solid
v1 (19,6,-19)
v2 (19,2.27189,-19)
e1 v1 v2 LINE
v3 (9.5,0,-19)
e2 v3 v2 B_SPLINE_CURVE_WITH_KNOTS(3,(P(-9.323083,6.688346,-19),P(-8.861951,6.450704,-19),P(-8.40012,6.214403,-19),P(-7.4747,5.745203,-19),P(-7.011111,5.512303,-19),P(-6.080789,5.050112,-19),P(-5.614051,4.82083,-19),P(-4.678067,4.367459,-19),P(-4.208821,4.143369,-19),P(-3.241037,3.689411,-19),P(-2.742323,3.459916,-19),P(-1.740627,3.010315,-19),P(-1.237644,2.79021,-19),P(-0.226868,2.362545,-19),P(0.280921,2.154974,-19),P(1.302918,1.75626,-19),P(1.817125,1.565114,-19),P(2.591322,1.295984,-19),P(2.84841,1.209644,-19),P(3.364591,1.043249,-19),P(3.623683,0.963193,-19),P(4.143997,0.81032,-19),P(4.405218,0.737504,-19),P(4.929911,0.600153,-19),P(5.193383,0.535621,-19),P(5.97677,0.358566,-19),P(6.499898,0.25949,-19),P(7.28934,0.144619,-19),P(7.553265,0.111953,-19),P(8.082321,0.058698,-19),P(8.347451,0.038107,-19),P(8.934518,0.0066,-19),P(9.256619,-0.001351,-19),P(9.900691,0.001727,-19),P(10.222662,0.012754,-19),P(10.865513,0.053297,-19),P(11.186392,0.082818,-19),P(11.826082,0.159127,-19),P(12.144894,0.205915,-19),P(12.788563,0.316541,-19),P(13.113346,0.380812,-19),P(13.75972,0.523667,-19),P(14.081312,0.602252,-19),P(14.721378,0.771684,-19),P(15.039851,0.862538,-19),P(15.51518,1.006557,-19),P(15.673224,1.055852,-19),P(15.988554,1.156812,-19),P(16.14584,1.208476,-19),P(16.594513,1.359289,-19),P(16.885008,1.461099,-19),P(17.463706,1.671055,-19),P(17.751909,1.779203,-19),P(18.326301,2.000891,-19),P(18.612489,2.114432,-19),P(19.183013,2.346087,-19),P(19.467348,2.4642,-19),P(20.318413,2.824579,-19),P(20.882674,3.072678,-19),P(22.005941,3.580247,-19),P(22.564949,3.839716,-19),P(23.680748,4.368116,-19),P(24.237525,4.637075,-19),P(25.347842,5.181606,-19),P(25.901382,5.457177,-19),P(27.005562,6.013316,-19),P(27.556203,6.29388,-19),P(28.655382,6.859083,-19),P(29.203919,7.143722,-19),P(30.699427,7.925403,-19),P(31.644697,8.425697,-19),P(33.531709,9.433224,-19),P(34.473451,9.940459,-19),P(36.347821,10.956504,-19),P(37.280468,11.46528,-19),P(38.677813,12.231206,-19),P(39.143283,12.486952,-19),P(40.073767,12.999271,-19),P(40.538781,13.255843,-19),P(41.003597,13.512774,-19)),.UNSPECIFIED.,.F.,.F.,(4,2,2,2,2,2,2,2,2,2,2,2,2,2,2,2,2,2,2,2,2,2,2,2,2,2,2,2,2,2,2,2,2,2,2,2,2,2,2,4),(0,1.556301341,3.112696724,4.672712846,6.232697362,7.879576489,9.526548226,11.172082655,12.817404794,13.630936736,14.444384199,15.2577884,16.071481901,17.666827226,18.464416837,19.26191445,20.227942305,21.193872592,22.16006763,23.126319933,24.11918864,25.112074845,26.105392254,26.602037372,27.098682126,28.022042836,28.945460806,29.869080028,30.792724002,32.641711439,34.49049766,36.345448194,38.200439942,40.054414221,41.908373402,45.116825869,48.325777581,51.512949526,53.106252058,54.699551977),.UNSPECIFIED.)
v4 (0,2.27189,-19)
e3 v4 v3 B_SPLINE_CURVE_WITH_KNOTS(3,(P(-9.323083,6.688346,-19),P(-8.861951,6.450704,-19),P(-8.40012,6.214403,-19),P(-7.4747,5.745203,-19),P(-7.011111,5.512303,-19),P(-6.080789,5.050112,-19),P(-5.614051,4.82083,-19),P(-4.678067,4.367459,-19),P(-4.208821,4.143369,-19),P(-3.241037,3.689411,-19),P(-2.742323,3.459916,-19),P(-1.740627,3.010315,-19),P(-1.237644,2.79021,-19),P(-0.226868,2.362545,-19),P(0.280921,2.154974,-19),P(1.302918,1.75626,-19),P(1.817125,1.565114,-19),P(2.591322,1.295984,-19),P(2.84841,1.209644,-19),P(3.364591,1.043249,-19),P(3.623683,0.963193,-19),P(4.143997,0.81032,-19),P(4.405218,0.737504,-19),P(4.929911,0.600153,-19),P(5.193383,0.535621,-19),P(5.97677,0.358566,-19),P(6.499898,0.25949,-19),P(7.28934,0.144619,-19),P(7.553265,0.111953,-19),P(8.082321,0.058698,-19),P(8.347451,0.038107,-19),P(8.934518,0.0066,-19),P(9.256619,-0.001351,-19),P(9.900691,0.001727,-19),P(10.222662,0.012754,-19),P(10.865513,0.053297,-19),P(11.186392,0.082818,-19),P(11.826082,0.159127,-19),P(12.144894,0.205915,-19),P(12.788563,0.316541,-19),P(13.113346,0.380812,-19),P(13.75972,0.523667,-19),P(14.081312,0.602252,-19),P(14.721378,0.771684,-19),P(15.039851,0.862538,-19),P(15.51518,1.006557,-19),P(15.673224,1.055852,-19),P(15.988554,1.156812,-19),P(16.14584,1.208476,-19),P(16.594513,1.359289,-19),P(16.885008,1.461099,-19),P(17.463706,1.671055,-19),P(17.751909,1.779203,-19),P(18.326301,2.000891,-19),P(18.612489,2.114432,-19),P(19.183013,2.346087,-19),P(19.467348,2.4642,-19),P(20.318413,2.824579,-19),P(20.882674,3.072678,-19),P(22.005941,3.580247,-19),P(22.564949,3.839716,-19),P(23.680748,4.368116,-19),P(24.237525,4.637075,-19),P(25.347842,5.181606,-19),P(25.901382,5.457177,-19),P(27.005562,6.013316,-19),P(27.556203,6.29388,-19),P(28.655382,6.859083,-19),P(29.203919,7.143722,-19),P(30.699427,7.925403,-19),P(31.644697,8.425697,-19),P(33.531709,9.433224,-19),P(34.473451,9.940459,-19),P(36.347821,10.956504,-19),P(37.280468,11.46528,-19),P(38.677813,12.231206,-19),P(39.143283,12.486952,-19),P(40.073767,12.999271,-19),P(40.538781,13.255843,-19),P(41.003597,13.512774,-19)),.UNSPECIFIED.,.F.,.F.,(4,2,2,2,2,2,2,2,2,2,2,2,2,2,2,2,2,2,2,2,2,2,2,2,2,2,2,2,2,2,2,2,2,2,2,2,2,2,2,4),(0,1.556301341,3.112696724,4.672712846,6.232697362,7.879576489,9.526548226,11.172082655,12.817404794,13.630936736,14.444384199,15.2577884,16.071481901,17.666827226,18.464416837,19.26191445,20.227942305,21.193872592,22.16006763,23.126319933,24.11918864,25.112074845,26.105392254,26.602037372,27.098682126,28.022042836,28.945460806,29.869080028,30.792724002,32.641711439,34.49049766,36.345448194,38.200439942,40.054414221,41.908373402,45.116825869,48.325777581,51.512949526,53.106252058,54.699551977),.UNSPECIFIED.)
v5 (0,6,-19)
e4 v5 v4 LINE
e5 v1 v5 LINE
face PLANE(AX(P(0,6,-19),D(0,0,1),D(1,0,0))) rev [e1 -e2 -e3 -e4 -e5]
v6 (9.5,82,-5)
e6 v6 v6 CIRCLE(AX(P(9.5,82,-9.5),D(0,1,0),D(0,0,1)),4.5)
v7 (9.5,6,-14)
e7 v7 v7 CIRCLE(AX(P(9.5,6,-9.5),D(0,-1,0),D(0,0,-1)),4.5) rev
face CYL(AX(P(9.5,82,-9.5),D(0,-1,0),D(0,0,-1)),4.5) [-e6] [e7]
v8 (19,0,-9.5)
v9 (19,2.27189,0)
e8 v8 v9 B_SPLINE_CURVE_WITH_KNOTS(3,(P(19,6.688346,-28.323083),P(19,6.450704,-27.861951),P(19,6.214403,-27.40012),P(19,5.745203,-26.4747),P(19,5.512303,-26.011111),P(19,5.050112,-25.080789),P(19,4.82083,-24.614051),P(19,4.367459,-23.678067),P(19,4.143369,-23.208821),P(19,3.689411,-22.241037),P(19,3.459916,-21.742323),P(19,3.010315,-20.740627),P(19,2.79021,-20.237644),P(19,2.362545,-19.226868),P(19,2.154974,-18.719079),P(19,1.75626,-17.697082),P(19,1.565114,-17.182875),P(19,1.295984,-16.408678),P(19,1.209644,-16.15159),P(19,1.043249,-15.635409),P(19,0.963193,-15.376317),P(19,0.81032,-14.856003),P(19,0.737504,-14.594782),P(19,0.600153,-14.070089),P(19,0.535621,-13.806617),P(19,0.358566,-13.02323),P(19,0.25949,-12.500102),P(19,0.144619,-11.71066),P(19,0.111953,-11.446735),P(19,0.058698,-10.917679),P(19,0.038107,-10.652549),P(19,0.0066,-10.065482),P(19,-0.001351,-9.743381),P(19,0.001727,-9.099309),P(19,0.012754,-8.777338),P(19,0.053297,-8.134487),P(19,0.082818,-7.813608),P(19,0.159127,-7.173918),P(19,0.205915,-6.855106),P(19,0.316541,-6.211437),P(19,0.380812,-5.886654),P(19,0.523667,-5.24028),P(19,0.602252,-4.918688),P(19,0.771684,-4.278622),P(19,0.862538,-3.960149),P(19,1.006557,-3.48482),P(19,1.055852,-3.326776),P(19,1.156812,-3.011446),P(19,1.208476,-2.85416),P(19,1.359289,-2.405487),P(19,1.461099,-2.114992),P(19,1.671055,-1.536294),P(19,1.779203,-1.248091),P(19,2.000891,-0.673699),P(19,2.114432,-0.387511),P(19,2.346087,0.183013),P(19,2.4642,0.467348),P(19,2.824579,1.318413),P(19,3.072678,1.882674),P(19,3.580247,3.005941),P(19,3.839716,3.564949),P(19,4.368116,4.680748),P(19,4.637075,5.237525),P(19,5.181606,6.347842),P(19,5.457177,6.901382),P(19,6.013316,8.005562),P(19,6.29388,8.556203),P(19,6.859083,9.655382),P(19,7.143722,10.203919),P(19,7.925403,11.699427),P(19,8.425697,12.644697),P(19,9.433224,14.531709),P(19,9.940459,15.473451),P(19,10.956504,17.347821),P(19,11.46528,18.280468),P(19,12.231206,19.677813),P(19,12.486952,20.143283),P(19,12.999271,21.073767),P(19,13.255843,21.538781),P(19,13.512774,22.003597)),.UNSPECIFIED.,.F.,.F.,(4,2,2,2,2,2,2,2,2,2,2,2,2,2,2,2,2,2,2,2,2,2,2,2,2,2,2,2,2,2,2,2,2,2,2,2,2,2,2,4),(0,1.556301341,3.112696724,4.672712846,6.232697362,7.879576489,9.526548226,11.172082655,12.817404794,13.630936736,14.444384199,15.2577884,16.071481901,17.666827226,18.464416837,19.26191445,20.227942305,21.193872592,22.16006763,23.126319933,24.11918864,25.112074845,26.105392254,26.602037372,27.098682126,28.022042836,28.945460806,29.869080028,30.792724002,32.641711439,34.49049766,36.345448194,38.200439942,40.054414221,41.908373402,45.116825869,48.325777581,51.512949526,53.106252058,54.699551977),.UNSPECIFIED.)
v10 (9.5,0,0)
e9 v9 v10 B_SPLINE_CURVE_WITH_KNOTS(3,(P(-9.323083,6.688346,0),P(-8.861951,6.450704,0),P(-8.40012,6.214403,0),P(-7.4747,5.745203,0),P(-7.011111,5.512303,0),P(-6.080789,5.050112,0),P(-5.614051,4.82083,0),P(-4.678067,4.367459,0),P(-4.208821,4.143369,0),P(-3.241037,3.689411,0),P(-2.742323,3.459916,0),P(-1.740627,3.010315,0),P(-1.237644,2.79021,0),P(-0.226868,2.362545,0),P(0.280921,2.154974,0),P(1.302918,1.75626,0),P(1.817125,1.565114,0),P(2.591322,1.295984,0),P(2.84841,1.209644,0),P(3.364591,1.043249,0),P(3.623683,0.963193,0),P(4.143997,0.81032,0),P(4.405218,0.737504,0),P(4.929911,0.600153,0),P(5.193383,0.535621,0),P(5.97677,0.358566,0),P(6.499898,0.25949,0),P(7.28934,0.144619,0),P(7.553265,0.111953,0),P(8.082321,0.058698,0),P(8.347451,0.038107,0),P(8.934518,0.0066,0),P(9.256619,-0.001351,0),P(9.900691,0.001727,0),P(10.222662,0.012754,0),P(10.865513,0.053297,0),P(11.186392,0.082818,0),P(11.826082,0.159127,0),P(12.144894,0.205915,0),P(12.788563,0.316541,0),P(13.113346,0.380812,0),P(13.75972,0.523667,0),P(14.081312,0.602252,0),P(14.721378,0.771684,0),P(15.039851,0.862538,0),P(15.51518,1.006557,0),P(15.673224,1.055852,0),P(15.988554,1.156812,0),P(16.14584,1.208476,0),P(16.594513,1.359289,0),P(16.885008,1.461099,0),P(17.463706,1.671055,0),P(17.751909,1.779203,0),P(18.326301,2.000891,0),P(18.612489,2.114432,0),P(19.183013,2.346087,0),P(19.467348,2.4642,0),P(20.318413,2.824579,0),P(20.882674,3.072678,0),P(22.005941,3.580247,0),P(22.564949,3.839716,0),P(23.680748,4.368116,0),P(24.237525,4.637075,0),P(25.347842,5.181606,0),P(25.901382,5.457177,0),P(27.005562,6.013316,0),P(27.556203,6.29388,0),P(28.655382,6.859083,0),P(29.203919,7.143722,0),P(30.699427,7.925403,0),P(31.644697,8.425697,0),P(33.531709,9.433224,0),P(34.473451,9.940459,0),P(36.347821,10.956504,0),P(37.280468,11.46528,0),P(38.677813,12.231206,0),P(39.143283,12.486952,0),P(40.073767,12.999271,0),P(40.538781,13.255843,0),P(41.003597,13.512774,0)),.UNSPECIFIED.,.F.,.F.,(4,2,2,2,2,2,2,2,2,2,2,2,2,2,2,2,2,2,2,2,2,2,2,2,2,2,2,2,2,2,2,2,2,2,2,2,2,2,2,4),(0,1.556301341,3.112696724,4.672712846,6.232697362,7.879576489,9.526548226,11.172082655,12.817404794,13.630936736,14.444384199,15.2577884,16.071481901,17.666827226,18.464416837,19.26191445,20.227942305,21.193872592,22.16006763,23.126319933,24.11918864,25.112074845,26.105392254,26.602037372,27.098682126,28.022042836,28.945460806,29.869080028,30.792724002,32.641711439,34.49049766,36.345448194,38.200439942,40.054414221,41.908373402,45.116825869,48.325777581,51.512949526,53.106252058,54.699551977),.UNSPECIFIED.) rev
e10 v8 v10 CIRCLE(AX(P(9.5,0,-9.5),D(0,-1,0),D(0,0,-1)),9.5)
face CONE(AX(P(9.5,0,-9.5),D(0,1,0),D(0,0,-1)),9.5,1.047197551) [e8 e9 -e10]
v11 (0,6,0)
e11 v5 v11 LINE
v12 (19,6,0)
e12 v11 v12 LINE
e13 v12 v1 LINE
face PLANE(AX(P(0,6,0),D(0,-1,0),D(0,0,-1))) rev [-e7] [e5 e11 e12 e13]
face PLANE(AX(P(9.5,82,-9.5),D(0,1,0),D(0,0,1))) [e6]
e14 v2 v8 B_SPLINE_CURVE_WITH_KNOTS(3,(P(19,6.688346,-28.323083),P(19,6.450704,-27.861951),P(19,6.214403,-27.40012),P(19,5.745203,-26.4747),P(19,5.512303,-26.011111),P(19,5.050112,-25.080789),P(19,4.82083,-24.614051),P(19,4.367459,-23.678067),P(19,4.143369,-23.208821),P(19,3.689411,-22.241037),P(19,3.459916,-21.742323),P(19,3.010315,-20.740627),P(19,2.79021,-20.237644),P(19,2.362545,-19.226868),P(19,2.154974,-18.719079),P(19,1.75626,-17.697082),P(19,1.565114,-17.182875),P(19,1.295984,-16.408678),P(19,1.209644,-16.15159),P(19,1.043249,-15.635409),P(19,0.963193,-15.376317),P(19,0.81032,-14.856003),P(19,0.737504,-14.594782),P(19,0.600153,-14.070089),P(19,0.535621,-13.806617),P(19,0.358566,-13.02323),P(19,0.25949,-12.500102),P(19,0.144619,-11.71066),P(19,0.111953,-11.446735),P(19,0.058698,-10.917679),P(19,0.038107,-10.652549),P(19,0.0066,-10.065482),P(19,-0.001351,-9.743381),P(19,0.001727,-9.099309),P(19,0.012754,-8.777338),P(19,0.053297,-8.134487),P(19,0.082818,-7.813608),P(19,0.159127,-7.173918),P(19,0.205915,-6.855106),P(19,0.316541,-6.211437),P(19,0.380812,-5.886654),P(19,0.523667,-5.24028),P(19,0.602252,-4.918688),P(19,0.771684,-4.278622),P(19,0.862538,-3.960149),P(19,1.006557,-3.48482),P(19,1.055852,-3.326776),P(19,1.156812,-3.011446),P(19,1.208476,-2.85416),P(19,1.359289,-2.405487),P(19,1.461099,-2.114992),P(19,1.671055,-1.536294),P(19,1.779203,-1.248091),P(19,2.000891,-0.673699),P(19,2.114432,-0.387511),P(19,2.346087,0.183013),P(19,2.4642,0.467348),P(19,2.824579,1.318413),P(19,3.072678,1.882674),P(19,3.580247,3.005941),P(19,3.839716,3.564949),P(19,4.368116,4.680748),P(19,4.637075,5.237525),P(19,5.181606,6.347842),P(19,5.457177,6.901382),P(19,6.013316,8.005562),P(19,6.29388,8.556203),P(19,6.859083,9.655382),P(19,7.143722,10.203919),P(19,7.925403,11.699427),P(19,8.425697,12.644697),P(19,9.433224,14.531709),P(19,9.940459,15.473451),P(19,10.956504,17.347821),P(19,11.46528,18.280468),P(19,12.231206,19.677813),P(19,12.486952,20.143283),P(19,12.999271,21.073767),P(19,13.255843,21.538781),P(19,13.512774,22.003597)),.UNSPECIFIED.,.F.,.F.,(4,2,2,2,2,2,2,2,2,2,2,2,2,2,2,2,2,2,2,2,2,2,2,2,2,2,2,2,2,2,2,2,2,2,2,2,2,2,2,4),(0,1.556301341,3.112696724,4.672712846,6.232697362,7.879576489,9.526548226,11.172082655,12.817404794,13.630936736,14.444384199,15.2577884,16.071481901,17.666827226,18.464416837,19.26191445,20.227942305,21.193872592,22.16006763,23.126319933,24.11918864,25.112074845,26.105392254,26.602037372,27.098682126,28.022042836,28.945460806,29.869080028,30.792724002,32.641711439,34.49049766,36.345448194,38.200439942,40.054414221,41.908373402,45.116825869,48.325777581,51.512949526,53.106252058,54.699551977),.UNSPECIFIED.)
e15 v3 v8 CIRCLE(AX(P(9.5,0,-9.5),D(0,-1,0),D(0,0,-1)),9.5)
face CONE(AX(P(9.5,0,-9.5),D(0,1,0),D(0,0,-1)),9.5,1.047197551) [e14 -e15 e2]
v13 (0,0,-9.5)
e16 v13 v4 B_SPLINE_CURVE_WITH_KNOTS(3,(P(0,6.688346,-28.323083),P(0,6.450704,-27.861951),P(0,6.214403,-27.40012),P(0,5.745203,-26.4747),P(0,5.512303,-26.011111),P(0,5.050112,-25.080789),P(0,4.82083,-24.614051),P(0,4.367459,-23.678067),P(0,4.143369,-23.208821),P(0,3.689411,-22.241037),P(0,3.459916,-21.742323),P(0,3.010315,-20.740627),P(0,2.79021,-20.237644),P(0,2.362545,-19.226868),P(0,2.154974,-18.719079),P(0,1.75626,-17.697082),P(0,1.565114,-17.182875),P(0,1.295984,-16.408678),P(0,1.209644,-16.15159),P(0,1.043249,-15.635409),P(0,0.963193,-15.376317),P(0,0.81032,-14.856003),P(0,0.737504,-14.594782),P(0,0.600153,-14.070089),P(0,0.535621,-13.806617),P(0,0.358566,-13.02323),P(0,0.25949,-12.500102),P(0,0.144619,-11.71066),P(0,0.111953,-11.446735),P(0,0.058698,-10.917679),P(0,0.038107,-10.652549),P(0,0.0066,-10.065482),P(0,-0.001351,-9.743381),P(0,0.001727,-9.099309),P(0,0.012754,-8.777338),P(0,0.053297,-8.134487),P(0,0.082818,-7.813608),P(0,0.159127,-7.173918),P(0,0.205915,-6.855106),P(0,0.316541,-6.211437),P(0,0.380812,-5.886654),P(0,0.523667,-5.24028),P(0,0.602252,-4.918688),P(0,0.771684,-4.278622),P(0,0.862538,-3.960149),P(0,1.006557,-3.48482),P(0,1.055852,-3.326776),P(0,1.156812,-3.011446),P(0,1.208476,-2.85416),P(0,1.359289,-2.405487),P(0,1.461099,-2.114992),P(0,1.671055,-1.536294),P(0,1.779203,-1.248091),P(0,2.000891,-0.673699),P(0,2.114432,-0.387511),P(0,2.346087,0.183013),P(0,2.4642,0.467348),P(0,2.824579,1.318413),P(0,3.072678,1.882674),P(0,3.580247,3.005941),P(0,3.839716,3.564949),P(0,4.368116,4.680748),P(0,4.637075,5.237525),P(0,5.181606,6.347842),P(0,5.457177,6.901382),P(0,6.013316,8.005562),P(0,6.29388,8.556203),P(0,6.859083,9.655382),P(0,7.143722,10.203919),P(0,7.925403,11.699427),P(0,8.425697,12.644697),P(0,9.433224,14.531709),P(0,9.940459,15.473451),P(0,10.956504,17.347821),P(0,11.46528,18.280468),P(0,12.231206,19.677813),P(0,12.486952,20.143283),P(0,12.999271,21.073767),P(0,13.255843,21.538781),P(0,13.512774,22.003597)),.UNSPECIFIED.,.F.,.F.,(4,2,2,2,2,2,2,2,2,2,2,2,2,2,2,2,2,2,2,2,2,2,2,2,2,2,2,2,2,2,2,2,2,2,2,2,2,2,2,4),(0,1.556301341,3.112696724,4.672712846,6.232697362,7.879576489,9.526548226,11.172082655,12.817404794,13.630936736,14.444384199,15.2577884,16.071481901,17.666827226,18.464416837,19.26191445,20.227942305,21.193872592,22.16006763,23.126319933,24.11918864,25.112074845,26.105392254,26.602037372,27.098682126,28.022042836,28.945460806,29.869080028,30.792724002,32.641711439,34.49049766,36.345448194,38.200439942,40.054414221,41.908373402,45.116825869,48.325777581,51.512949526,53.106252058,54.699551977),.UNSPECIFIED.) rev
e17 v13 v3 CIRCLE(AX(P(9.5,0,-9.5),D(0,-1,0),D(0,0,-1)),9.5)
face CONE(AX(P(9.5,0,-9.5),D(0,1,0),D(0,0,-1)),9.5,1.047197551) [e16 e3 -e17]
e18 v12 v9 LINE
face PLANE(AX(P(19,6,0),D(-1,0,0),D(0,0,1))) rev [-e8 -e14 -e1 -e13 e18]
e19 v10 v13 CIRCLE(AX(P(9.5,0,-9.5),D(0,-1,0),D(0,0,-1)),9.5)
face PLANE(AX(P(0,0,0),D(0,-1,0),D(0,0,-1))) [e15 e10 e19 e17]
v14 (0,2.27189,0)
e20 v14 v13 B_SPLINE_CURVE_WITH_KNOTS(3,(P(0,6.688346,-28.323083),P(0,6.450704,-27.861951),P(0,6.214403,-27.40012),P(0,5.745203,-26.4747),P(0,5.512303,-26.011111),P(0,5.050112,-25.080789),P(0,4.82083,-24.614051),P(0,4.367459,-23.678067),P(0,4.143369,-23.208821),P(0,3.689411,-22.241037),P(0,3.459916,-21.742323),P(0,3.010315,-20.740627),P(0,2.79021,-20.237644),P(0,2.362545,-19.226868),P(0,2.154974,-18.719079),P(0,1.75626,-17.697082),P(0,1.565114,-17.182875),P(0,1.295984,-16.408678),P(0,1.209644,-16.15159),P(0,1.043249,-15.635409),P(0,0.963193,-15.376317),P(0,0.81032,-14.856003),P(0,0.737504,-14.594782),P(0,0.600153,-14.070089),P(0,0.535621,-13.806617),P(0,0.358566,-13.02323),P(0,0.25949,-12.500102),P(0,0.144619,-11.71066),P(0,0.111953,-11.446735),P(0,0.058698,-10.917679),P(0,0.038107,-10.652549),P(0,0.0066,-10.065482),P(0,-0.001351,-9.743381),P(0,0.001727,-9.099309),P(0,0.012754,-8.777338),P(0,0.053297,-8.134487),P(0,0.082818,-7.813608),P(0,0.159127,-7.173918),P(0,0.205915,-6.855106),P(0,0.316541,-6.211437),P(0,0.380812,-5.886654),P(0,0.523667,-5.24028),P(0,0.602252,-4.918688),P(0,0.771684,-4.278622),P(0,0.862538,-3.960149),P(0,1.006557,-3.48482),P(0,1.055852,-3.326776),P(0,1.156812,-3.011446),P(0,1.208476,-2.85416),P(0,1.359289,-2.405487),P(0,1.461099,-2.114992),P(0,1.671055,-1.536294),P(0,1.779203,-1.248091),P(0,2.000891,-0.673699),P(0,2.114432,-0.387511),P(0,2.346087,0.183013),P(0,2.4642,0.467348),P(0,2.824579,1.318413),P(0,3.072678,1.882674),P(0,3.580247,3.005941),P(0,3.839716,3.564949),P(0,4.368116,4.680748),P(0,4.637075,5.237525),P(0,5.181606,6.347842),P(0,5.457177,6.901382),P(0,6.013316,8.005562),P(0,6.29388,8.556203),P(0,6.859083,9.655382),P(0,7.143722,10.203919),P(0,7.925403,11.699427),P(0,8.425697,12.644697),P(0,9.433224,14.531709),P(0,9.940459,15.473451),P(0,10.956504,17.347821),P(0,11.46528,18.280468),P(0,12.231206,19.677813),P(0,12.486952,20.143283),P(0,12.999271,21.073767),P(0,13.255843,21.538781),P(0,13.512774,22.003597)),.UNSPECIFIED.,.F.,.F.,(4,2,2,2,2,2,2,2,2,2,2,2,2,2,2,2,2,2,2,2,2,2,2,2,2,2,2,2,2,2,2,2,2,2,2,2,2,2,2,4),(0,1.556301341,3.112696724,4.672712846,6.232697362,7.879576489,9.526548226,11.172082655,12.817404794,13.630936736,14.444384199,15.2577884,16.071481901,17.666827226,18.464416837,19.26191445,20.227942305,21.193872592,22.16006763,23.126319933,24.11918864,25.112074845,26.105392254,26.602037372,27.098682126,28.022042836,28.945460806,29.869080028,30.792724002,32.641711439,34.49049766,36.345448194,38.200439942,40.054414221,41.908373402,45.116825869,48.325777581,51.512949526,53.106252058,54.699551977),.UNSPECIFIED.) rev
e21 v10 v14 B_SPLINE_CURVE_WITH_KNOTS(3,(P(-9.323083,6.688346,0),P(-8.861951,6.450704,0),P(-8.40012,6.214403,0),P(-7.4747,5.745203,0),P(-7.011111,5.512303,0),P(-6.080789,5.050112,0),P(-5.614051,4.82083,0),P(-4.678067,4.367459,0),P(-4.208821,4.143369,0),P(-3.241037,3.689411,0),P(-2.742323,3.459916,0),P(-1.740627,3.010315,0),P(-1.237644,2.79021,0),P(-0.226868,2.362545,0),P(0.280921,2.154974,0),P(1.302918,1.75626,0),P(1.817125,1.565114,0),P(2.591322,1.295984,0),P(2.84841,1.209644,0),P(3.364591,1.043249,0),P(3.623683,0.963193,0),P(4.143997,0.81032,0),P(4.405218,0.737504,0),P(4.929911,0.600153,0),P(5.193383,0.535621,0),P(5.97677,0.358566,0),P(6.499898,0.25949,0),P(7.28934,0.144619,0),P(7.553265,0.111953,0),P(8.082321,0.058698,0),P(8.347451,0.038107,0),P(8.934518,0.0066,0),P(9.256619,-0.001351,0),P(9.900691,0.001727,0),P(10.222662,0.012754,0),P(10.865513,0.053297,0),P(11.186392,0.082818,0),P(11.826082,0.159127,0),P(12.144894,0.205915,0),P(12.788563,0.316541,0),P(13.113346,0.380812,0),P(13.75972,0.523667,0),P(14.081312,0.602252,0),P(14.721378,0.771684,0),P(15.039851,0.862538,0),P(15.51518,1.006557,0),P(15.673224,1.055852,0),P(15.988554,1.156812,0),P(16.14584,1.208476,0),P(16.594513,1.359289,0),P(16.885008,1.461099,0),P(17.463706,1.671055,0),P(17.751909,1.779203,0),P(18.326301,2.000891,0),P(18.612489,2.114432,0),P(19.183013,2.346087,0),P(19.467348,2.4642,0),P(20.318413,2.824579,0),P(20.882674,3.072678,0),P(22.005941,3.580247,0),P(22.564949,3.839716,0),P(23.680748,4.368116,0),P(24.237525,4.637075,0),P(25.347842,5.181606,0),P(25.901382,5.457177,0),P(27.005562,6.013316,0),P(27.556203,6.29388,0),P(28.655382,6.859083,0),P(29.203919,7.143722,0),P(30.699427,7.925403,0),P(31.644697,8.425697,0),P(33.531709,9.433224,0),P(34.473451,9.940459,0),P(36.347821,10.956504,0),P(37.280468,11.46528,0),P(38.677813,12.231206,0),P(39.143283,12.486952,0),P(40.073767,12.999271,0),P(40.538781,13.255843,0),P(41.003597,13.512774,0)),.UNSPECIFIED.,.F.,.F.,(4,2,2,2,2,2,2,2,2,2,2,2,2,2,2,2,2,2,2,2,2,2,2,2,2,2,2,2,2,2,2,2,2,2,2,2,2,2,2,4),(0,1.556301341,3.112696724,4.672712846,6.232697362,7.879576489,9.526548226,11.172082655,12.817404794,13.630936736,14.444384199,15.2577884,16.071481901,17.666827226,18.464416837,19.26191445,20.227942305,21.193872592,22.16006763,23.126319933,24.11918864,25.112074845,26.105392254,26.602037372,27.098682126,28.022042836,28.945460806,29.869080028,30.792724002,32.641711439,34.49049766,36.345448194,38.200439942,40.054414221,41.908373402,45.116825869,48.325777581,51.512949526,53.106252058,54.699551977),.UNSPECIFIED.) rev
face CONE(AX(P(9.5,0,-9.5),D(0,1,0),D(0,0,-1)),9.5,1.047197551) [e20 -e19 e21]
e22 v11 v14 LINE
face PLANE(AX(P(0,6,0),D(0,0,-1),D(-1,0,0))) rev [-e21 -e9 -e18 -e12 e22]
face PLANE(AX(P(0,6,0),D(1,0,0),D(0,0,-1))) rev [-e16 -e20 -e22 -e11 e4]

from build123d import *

# Parameters (mm, degrees)
SKETCH1_W           = 19
SKETCH1_H           = 19
BOSS_EXTRUDE1_DEPTH = 6
SKETCH2_R           = 4.5
BOSS_EXTRUDE2_DEPTH = 76
SKETCH13_OUTSIDE_W  = 59.042
SKETCH13_OUTSIDE_H  = 59.042
SKETCH13_OUTSIDE_R  = 9.5
CUT_EXTRUDE1_DEPTH  = 6
CUT_EXTRUDE1_DRAFT  = -60


with BuildPart() as part:
    # Sketch1 → Boss-Extrude1 (new body)
    with BuildSketch(Plane(origin=(0, 0, 0), x_dir=(1, 0, 0), z_dir=(0, 1, 0))):
        with Locations((9.5, 9.5)):
            Rectangle(SKETCH1_W, SKETCH1_H)
    extrude(amount=BOSS_EXTRUDE1_DEPTH)

    # Sketch2 → Boss-Extrude2 (add)
    with BuildSketch(Plane(origin=(0, 6, 0), x_dir=(1, 0, 0), z_dir=(0, 1, 0))):
        with Locations(Location((9.5, 9.5, 0), (0, 0, 90))):  # turned: the seam where the file's is
            Circle(SKETCH2_R)
    extrude(amount=BOSS_EXTRUDE2_DEPTH)


with BuildPart() as cut_extrude1_tool:
    # Sketch13 outside → Cut-Extrude1 (with draft: the straight prism first)
    with BuildSketch(Plane(origin=(0, 0, 0), x_dir=(-1, 0, 0), z_dir=(0, -1, 0))):
        with Locations((-9.5, 9.5)):
            Rectangle(SKETCH13_OUTSIDE_W, SKETCH13_OUTSIDE_H)
        with Locations((-9.5, 9.5)):
            Circle(SKETCH13_OUTSIDE_R, mode=Mode.SUBTRACT)
    extrude(amount=-CUT_EXTRUDE1_DEPTH)
    # Cut-Extrude1: the draft: its side faces are tilted about the plane it starts from
    cut_extrude1_sides = [cut_extrude1_tool.faces().sort_by_distance(p)[0] for p in [
        (9.5, 3, 20.021),
        (-20.021, 3, -9.5),
        (9.5, 3, -39.021),
        (39.021, 3, -9.5),
        (19, 3, -9.5),
    ]]
    draft(cut_extrude1_sides, Plane(origin=(0, 0, 0), x_dir=(-1, 0, 0), z_dir=(0, -1, 0)), CUT_EXTRUDE1_DRAFT)


with BuildPart() as part_1:
    add(part.part)

    # Cut-Extrude1: cut by cut_extrude1_tool
    add(cut_extrude1_tool.part, mode=Mode.SUBTRACT)


solid = part_1.part
